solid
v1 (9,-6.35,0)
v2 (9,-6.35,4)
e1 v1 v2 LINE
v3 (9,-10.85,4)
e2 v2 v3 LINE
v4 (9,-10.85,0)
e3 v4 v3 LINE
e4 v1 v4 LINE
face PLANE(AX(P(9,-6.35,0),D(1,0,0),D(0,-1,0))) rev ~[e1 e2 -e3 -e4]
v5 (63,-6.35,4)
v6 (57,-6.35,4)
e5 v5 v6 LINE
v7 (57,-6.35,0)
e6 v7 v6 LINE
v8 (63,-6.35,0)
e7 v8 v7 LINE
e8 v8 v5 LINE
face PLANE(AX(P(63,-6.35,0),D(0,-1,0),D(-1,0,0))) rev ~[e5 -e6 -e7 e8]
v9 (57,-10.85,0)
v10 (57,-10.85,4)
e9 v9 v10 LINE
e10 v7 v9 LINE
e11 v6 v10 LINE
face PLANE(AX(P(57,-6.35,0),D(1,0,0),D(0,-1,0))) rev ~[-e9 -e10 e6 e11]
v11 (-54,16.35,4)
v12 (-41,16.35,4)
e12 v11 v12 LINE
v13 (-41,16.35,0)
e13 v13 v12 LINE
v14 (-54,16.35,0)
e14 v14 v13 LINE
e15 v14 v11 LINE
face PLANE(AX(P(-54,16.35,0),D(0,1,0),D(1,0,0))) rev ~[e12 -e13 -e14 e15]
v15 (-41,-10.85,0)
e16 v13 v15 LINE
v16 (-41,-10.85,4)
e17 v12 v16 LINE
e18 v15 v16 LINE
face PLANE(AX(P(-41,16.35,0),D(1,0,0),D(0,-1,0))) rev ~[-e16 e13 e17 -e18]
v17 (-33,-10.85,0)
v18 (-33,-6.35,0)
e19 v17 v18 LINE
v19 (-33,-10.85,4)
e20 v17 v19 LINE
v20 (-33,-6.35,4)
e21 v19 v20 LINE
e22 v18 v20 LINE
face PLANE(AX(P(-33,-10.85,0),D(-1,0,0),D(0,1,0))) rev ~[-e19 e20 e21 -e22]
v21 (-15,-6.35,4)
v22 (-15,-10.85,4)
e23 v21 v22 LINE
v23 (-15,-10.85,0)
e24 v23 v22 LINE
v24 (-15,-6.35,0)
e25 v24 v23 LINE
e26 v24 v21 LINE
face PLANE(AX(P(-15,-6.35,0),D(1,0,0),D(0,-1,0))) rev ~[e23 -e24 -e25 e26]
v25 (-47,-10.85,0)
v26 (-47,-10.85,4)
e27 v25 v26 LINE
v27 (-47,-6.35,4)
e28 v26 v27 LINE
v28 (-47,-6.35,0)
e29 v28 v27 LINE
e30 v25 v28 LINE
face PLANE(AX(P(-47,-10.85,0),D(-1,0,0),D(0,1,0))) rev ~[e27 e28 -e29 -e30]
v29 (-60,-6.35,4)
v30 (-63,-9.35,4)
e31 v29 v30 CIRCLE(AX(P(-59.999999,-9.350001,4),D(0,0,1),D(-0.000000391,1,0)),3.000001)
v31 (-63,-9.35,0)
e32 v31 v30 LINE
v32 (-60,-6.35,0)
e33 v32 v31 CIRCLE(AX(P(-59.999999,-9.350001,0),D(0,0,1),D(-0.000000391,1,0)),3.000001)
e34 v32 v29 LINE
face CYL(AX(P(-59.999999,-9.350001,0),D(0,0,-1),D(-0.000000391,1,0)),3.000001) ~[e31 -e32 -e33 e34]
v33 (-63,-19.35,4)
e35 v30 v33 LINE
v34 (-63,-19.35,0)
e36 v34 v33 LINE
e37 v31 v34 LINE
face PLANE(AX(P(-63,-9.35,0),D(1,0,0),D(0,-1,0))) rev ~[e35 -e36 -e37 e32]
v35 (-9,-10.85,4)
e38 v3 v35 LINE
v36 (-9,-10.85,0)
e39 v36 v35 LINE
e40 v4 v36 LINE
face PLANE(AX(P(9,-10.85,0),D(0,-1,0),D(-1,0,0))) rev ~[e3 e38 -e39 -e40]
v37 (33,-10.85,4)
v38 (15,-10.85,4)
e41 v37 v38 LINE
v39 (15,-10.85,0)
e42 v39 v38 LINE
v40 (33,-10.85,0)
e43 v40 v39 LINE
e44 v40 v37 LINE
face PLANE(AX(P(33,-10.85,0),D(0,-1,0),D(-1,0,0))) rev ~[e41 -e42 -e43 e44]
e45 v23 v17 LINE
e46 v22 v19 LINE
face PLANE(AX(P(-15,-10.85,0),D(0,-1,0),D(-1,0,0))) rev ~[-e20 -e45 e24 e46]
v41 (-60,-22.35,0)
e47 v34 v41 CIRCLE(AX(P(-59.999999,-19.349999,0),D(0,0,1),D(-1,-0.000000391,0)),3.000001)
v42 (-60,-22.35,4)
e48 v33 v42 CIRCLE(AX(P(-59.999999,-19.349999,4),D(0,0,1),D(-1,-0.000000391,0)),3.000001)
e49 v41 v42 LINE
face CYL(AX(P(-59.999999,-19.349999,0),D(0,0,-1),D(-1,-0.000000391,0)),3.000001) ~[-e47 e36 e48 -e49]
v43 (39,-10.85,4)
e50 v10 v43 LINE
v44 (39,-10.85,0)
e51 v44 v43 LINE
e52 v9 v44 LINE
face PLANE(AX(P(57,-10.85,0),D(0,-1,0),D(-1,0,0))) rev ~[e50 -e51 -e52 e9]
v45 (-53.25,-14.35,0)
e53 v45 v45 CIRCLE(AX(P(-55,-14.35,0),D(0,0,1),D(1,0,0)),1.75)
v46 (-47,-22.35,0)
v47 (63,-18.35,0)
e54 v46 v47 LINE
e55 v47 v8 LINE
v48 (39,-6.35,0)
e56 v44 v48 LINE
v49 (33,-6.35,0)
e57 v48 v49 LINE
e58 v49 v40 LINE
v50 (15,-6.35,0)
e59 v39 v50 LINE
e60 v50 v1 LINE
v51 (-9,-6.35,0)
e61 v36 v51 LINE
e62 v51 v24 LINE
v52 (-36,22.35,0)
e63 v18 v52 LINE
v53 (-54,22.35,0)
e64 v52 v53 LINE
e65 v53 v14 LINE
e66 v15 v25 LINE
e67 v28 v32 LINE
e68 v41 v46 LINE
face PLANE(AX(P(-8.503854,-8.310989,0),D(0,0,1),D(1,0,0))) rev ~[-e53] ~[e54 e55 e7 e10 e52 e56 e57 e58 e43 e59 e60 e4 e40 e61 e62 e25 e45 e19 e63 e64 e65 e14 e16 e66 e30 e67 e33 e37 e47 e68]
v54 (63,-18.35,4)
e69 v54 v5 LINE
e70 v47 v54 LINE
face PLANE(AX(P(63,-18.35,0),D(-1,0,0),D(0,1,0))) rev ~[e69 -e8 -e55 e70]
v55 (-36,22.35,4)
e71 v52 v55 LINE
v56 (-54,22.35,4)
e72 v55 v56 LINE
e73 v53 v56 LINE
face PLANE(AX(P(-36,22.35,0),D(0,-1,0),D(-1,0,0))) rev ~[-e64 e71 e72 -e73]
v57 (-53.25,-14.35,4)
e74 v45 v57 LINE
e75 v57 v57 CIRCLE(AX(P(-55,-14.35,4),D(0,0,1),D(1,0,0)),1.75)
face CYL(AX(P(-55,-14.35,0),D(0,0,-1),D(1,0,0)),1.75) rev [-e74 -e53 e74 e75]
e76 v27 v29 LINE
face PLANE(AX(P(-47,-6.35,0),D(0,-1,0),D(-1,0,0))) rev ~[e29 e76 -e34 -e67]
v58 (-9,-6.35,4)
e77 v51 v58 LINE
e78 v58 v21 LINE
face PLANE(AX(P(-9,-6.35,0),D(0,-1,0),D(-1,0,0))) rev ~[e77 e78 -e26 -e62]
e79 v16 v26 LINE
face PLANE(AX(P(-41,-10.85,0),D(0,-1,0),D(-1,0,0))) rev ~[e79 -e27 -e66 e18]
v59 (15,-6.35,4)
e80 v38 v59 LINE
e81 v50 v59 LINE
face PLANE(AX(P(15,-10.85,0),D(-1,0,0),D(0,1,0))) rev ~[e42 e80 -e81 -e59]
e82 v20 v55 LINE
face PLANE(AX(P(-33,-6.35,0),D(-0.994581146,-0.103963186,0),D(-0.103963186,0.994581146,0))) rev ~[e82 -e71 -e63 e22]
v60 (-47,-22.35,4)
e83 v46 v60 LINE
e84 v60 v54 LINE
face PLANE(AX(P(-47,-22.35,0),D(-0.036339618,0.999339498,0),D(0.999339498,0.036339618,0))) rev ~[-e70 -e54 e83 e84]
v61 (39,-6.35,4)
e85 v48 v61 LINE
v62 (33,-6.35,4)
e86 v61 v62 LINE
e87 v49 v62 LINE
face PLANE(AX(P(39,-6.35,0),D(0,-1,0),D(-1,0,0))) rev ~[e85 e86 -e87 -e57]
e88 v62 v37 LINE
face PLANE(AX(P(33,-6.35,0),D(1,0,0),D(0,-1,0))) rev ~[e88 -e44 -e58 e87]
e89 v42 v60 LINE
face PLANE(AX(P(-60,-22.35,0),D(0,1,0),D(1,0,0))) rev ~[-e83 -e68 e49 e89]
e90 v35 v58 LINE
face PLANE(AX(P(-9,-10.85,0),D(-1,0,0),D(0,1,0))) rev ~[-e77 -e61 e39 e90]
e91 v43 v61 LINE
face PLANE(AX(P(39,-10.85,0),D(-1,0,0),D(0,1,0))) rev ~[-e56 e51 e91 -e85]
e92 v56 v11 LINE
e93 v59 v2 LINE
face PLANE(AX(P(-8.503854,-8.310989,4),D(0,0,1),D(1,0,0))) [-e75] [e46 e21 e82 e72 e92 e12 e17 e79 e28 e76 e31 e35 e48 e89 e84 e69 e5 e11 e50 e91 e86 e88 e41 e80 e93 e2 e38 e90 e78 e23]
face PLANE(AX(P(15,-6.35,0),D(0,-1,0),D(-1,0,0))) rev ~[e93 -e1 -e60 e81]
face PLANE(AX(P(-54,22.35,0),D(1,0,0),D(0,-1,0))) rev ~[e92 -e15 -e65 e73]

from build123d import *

# Parameters (mm, degrees)
F0_R     = 1.75
F1_DEPTH = 4


with BuildPart() as f1:
    # F0 (on Top) → F1 (new body)
    with BuildSketch(Plane.XY):
        with BuildLine():
            Line((-33, -6.35), (-36, 22.35))
            Line((-36, 22.35), (-54, 22.35))
            Line((-54, 22.35), (-54, 16.35))
            Line((-54, 16.35), (-41, 16.35))
            Line((-41, 16.35), (-41, -10.85))
            Line((-41, -10.85), (-47, -10.85))
            Line((-47, -10.85), (-47, -6.35))
            Line((-47, -6.35), (-60, -6.35))
            ThreePointArc((-60, -6.35), (-62.12132, -7.22868), (-63, -9.35))
            Line((-63, -9.35), (-63, -19.35))
            ThreePointArc((-63, -19.35), (-62.12132, -21.47132), (-60, -22.35))
            Line((-60, -22.35), (-47, -22.35))
            Line((-47, -22.35), (63, -18.35))
            Line((63, -18.35), (63, -6.35))
            Line((63, -6.35), (57, -6.35))
            Line((57, -6.35), (57, -10.85))
            Line((57, -10.85), (39, -10.85))
            Line((39, -10.85), (39, -6.35))
            Line((39, -6.35), (33, -6.35))
            Line((33, -6.35), (33, -10.85))
            Line((33, -10.85), (15, -10.85))
            Line((15, -10.85), (15, -6.35))
            Line((15, -6.35), (9, -6.35))
            Line((9, -6.35), (9, -10.85))
            Line((9, -10.85), (-9, -10.85))
            Line((-9, -10.85), (-9, -6.35))
            Line((-9, -6.35), (-15, -6.35))
            Line((-15, -6.35), (-15, -10.85))
            Line((-15, -10.85), (-33, -10.85))
            Line((-33, -10.85), (-33, -6.35))
        make_face()
        with Locations((-55, -14.35)):
            Circle(F0_R, mode=Mode.SUBTRACT)
    extrude(amount=F1_DEPTH)


solid = f1.part
